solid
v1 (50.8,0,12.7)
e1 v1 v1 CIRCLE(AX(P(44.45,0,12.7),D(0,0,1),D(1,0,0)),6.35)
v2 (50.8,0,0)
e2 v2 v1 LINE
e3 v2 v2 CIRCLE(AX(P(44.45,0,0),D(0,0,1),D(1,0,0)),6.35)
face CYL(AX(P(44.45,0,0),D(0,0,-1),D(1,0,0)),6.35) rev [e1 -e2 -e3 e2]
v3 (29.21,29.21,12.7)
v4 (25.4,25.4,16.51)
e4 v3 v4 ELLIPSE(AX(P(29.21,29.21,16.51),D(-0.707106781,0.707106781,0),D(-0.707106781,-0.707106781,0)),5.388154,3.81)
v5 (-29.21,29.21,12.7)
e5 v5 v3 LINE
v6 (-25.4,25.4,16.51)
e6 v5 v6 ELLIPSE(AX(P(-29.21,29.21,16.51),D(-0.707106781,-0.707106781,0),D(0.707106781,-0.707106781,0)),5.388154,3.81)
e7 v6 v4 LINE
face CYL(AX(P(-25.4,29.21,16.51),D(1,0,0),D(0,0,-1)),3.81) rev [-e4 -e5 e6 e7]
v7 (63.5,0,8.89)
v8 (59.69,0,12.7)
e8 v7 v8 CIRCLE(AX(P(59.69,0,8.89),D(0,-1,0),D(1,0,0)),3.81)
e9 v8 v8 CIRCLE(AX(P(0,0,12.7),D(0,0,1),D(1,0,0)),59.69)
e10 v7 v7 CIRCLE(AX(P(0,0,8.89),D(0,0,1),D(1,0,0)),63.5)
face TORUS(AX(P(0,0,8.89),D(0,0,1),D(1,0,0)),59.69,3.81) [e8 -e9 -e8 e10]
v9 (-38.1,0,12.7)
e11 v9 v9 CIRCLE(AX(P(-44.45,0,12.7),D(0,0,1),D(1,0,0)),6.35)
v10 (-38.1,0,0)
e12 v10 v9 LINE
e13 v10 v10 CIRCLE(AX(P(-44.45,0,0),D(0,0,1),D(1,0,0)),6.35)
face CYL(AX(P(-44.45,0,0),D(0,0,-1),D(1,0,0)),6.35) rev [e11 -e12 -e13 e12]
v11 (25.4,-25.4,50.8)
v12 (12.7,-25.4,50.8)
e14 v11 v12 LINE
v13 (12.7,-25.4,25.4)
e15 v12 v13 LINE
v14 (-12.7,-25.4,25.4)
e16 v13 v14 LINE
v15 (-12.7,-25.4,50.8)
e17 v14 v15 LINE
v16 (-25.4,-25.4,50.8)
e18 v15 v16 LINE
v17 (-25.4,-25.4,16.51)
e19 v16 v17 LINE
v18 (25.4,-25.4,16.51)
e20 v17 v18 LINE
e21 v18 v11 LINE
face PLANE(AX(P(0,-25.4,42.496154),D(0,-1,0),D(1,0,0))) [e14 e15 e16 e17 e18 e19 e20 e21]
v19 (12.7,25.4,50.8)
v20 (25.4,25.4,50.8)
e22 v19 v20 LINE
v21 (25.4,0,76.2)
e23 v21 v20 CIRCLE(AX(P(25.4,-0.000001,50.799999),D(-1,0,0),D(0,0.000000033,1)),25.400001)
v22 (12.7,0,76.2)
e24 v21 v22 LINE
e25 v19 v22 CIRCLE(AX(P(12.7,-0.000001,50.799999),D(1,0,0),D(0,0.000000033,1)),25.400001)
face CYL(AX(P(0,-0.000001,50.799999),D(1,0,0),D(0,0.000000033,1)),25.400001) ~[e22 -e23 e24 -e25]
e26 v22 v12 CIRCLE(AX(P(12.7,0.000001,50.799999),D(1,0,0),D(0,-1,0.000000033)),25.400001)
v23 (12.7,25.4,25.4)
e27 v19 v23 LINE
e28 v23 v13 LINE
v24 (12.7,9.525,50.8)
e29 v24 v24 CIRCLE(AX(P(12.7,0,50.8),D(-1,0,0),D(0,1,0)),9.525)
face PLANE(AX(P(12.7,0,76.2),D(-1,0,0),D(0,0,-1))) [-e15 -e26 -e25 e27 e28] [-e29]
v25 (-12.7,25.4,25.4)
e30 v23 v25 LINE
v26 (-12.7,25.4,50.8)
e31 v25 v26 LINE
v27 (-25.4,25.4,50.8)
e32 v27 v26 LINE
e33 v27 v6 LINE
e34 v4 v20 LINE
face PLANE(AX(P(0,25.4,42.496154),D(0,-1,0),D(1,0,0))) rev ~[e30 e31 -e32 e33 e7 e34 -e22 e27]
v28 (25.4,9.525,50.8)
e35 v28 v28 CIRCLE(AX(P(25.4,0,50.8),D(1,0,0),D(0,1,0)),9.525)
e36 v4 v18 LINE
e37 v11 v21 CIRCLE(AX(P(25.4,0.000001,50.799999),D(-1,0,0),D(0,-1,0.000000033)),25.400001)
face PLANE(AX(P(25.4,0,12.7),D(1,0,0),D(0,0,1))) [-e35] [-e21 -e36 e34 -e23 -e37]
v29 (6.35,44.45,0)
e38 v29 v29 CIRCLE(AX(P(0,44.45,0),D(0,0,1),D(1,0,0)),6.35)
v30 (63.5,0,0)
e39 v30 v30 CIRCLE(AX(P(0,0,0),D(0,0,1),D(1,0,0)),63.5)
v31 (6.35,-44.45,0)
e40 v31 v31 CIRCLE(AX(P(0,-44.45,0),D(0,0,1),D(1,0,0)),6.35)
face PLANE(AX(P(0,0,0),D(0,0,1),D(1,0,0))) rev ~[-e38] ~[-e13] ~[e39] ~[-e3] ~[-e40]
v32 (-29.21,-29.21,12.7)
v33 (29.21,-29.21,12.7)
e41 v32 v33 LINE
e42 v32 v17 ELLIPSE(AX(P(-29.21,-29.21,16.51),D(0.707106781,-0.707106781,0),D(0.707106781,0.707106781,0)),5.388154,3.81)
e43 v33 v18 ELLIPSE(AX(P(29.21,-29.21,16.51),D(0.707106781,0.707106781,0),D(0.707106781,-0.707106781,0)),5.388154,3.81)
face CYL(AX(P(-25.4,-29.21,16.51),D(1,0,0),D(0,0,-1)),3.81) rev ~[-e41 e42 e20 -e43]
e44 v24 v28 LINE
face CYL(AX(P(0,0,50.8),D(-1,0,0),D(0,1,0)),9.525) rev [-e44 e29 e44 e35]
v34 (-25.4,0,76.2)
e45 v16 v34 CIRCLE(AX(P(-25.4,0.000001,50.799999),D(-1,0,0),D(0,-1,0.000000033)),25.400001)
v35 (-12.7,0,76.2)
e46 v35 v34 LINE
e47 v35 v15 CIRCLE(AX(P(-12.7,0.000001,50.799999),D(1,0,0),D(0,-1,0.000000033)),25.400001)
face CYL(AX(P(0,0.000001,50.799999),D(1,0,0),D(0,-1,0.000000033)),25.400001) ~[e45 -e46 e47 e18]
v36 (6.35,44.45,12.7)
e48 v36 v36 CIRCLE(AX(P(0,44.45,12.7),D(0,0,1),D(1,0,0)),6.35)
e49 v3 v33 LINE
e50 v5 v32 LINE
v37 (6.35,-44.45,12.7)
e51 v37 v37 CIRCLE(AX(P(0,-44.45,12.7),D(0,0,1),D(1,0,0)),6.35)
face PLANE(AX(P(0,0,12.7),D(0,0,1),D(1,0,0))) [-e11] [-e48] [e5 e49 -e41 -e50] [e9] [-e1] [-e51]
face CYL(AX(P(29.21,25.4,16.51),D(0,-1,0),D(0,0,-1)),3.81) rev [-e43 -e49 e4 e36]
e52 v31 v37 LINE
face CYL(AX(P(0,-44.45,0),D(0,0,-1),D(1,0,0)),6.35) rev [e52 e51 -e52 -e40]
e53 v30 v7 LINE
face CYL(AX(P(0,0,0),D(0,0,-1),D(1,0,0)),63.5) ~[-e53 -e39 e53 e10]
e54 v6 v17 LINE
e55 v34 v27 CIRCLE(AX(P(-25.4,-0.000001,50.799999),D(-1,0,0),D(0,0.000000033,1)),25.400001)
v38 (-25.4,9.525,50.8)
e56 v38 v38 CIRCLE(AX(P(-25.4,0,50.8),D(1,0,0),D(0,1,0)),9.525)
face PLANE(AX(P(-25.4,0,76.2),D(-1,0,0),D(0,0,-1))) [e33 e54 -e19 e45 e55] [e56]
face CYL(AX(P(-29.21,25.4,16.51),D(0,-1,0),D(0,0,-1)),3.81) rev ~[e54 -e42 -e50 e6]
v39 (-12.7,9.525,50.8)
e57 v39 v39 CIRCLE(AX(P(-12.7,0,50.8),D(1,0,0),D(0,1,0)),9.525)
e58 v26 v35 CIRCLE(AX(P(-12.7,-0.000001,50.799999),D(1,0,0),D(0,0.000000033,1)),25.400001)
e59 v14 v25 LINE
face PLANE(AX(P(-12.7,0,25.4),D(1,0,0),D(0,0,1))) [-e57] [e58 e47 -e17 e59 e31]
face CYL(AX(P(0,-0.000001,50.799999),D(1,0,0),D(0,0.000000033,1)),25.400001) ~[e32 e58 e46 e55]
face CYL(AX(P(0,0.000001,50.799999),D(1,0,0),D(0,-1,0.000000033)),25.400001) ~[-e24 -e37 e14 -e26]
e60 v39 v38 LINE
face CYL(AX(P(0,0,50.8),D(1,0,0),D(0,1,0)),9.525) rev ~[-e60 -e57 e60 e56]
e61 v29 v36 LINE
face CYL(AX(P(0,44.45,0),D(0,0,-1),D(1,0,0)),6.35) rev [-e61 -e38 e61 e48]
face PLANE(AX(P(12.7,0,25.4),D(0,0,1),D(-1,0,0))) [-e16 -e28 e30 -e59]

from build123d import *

# Parameters (mm, degrees)
F0_R     = 63.5
F0_R_2   = 6.35
F1_DEPTH = 12.7
F3_DEPTH = 25.4
F4_R     = 9.525
F5_DEPTH = 25.4
F6_R     = 3.81


with BuildPart() as f1:
    # F0 (on Top) → F1 (new body)
    with BuildSketch(Plane.XY):
        Circle(F0_R)
        with Locations((0, -44.45)):
            Circle(F0_R_2, mode=Mode.SUBTRACT)
        with Locations((-44.45, 0)):
            Circle(F0_R_2, mode=Mode.SUBTRACT)
        with Locations((44.45, 0)):
            Circle(F0_R_2, mode=Mode.SUBTRACT)
        with Locations((0, 44.45)):
            Circle(F0_R_2, mode=Mode.SUBTRACT)
    extrude(amount=F1_DEPTH)

    # F2 (on Front) → F3 (join, symmetric)
    with BuildSketch(Plane.XZ):
        Polygon((-25.4, 76.2), (-25.4, 12.7), (25.4, 12.7), (25.4, 76.2), (12.7, 76.2), (12.7, 25.4), (-12.7, 25.4), (-12.7, 76.2), align=None)
    extrude(amount=F3_DEPTH, both=True)

    # F4 (on Right) → F5 (cut, symmetric)
    with BuildSketch(Plane.YZ):
        with Locations((0, 50.8)):
            Circle(F4_R)
        with BuildLine():
            ThreePointArc((-25.4, 50.8), (-17.960512, 68.760512), (0, 76.2))
            Line((0, 76.2), (-25.4, 76.2))
            Line((-25.4, 76.2), (-25.4, 50.8))
        make_face()
        with BuildLine():
            ThreePointArc((0, 76.2), (17.960512, 68.760512), (25.4, 50.8))
            Line((25.4, 50.8), (25.4, 76.2))
            Line((25.4, 76.2), (0, 76.2))
        make_face()
    extrude(amount=F5_DEPTH, both=True, mode=Mode.SUBTRACT)

    # F6
    f6_edges = [f1.edges().sort_by_distance(p)[0] for p in [
        (-63.5, 0, 12.7),
        (25.4, 0, 12.7),
        (0, -25.4, 12.7),
        (-25.4, 0, 12.7),
        (0, 25.4, 12.7),
    ]]
    fillet(f6_edges, radius=F6_R)


solid = f1.part
